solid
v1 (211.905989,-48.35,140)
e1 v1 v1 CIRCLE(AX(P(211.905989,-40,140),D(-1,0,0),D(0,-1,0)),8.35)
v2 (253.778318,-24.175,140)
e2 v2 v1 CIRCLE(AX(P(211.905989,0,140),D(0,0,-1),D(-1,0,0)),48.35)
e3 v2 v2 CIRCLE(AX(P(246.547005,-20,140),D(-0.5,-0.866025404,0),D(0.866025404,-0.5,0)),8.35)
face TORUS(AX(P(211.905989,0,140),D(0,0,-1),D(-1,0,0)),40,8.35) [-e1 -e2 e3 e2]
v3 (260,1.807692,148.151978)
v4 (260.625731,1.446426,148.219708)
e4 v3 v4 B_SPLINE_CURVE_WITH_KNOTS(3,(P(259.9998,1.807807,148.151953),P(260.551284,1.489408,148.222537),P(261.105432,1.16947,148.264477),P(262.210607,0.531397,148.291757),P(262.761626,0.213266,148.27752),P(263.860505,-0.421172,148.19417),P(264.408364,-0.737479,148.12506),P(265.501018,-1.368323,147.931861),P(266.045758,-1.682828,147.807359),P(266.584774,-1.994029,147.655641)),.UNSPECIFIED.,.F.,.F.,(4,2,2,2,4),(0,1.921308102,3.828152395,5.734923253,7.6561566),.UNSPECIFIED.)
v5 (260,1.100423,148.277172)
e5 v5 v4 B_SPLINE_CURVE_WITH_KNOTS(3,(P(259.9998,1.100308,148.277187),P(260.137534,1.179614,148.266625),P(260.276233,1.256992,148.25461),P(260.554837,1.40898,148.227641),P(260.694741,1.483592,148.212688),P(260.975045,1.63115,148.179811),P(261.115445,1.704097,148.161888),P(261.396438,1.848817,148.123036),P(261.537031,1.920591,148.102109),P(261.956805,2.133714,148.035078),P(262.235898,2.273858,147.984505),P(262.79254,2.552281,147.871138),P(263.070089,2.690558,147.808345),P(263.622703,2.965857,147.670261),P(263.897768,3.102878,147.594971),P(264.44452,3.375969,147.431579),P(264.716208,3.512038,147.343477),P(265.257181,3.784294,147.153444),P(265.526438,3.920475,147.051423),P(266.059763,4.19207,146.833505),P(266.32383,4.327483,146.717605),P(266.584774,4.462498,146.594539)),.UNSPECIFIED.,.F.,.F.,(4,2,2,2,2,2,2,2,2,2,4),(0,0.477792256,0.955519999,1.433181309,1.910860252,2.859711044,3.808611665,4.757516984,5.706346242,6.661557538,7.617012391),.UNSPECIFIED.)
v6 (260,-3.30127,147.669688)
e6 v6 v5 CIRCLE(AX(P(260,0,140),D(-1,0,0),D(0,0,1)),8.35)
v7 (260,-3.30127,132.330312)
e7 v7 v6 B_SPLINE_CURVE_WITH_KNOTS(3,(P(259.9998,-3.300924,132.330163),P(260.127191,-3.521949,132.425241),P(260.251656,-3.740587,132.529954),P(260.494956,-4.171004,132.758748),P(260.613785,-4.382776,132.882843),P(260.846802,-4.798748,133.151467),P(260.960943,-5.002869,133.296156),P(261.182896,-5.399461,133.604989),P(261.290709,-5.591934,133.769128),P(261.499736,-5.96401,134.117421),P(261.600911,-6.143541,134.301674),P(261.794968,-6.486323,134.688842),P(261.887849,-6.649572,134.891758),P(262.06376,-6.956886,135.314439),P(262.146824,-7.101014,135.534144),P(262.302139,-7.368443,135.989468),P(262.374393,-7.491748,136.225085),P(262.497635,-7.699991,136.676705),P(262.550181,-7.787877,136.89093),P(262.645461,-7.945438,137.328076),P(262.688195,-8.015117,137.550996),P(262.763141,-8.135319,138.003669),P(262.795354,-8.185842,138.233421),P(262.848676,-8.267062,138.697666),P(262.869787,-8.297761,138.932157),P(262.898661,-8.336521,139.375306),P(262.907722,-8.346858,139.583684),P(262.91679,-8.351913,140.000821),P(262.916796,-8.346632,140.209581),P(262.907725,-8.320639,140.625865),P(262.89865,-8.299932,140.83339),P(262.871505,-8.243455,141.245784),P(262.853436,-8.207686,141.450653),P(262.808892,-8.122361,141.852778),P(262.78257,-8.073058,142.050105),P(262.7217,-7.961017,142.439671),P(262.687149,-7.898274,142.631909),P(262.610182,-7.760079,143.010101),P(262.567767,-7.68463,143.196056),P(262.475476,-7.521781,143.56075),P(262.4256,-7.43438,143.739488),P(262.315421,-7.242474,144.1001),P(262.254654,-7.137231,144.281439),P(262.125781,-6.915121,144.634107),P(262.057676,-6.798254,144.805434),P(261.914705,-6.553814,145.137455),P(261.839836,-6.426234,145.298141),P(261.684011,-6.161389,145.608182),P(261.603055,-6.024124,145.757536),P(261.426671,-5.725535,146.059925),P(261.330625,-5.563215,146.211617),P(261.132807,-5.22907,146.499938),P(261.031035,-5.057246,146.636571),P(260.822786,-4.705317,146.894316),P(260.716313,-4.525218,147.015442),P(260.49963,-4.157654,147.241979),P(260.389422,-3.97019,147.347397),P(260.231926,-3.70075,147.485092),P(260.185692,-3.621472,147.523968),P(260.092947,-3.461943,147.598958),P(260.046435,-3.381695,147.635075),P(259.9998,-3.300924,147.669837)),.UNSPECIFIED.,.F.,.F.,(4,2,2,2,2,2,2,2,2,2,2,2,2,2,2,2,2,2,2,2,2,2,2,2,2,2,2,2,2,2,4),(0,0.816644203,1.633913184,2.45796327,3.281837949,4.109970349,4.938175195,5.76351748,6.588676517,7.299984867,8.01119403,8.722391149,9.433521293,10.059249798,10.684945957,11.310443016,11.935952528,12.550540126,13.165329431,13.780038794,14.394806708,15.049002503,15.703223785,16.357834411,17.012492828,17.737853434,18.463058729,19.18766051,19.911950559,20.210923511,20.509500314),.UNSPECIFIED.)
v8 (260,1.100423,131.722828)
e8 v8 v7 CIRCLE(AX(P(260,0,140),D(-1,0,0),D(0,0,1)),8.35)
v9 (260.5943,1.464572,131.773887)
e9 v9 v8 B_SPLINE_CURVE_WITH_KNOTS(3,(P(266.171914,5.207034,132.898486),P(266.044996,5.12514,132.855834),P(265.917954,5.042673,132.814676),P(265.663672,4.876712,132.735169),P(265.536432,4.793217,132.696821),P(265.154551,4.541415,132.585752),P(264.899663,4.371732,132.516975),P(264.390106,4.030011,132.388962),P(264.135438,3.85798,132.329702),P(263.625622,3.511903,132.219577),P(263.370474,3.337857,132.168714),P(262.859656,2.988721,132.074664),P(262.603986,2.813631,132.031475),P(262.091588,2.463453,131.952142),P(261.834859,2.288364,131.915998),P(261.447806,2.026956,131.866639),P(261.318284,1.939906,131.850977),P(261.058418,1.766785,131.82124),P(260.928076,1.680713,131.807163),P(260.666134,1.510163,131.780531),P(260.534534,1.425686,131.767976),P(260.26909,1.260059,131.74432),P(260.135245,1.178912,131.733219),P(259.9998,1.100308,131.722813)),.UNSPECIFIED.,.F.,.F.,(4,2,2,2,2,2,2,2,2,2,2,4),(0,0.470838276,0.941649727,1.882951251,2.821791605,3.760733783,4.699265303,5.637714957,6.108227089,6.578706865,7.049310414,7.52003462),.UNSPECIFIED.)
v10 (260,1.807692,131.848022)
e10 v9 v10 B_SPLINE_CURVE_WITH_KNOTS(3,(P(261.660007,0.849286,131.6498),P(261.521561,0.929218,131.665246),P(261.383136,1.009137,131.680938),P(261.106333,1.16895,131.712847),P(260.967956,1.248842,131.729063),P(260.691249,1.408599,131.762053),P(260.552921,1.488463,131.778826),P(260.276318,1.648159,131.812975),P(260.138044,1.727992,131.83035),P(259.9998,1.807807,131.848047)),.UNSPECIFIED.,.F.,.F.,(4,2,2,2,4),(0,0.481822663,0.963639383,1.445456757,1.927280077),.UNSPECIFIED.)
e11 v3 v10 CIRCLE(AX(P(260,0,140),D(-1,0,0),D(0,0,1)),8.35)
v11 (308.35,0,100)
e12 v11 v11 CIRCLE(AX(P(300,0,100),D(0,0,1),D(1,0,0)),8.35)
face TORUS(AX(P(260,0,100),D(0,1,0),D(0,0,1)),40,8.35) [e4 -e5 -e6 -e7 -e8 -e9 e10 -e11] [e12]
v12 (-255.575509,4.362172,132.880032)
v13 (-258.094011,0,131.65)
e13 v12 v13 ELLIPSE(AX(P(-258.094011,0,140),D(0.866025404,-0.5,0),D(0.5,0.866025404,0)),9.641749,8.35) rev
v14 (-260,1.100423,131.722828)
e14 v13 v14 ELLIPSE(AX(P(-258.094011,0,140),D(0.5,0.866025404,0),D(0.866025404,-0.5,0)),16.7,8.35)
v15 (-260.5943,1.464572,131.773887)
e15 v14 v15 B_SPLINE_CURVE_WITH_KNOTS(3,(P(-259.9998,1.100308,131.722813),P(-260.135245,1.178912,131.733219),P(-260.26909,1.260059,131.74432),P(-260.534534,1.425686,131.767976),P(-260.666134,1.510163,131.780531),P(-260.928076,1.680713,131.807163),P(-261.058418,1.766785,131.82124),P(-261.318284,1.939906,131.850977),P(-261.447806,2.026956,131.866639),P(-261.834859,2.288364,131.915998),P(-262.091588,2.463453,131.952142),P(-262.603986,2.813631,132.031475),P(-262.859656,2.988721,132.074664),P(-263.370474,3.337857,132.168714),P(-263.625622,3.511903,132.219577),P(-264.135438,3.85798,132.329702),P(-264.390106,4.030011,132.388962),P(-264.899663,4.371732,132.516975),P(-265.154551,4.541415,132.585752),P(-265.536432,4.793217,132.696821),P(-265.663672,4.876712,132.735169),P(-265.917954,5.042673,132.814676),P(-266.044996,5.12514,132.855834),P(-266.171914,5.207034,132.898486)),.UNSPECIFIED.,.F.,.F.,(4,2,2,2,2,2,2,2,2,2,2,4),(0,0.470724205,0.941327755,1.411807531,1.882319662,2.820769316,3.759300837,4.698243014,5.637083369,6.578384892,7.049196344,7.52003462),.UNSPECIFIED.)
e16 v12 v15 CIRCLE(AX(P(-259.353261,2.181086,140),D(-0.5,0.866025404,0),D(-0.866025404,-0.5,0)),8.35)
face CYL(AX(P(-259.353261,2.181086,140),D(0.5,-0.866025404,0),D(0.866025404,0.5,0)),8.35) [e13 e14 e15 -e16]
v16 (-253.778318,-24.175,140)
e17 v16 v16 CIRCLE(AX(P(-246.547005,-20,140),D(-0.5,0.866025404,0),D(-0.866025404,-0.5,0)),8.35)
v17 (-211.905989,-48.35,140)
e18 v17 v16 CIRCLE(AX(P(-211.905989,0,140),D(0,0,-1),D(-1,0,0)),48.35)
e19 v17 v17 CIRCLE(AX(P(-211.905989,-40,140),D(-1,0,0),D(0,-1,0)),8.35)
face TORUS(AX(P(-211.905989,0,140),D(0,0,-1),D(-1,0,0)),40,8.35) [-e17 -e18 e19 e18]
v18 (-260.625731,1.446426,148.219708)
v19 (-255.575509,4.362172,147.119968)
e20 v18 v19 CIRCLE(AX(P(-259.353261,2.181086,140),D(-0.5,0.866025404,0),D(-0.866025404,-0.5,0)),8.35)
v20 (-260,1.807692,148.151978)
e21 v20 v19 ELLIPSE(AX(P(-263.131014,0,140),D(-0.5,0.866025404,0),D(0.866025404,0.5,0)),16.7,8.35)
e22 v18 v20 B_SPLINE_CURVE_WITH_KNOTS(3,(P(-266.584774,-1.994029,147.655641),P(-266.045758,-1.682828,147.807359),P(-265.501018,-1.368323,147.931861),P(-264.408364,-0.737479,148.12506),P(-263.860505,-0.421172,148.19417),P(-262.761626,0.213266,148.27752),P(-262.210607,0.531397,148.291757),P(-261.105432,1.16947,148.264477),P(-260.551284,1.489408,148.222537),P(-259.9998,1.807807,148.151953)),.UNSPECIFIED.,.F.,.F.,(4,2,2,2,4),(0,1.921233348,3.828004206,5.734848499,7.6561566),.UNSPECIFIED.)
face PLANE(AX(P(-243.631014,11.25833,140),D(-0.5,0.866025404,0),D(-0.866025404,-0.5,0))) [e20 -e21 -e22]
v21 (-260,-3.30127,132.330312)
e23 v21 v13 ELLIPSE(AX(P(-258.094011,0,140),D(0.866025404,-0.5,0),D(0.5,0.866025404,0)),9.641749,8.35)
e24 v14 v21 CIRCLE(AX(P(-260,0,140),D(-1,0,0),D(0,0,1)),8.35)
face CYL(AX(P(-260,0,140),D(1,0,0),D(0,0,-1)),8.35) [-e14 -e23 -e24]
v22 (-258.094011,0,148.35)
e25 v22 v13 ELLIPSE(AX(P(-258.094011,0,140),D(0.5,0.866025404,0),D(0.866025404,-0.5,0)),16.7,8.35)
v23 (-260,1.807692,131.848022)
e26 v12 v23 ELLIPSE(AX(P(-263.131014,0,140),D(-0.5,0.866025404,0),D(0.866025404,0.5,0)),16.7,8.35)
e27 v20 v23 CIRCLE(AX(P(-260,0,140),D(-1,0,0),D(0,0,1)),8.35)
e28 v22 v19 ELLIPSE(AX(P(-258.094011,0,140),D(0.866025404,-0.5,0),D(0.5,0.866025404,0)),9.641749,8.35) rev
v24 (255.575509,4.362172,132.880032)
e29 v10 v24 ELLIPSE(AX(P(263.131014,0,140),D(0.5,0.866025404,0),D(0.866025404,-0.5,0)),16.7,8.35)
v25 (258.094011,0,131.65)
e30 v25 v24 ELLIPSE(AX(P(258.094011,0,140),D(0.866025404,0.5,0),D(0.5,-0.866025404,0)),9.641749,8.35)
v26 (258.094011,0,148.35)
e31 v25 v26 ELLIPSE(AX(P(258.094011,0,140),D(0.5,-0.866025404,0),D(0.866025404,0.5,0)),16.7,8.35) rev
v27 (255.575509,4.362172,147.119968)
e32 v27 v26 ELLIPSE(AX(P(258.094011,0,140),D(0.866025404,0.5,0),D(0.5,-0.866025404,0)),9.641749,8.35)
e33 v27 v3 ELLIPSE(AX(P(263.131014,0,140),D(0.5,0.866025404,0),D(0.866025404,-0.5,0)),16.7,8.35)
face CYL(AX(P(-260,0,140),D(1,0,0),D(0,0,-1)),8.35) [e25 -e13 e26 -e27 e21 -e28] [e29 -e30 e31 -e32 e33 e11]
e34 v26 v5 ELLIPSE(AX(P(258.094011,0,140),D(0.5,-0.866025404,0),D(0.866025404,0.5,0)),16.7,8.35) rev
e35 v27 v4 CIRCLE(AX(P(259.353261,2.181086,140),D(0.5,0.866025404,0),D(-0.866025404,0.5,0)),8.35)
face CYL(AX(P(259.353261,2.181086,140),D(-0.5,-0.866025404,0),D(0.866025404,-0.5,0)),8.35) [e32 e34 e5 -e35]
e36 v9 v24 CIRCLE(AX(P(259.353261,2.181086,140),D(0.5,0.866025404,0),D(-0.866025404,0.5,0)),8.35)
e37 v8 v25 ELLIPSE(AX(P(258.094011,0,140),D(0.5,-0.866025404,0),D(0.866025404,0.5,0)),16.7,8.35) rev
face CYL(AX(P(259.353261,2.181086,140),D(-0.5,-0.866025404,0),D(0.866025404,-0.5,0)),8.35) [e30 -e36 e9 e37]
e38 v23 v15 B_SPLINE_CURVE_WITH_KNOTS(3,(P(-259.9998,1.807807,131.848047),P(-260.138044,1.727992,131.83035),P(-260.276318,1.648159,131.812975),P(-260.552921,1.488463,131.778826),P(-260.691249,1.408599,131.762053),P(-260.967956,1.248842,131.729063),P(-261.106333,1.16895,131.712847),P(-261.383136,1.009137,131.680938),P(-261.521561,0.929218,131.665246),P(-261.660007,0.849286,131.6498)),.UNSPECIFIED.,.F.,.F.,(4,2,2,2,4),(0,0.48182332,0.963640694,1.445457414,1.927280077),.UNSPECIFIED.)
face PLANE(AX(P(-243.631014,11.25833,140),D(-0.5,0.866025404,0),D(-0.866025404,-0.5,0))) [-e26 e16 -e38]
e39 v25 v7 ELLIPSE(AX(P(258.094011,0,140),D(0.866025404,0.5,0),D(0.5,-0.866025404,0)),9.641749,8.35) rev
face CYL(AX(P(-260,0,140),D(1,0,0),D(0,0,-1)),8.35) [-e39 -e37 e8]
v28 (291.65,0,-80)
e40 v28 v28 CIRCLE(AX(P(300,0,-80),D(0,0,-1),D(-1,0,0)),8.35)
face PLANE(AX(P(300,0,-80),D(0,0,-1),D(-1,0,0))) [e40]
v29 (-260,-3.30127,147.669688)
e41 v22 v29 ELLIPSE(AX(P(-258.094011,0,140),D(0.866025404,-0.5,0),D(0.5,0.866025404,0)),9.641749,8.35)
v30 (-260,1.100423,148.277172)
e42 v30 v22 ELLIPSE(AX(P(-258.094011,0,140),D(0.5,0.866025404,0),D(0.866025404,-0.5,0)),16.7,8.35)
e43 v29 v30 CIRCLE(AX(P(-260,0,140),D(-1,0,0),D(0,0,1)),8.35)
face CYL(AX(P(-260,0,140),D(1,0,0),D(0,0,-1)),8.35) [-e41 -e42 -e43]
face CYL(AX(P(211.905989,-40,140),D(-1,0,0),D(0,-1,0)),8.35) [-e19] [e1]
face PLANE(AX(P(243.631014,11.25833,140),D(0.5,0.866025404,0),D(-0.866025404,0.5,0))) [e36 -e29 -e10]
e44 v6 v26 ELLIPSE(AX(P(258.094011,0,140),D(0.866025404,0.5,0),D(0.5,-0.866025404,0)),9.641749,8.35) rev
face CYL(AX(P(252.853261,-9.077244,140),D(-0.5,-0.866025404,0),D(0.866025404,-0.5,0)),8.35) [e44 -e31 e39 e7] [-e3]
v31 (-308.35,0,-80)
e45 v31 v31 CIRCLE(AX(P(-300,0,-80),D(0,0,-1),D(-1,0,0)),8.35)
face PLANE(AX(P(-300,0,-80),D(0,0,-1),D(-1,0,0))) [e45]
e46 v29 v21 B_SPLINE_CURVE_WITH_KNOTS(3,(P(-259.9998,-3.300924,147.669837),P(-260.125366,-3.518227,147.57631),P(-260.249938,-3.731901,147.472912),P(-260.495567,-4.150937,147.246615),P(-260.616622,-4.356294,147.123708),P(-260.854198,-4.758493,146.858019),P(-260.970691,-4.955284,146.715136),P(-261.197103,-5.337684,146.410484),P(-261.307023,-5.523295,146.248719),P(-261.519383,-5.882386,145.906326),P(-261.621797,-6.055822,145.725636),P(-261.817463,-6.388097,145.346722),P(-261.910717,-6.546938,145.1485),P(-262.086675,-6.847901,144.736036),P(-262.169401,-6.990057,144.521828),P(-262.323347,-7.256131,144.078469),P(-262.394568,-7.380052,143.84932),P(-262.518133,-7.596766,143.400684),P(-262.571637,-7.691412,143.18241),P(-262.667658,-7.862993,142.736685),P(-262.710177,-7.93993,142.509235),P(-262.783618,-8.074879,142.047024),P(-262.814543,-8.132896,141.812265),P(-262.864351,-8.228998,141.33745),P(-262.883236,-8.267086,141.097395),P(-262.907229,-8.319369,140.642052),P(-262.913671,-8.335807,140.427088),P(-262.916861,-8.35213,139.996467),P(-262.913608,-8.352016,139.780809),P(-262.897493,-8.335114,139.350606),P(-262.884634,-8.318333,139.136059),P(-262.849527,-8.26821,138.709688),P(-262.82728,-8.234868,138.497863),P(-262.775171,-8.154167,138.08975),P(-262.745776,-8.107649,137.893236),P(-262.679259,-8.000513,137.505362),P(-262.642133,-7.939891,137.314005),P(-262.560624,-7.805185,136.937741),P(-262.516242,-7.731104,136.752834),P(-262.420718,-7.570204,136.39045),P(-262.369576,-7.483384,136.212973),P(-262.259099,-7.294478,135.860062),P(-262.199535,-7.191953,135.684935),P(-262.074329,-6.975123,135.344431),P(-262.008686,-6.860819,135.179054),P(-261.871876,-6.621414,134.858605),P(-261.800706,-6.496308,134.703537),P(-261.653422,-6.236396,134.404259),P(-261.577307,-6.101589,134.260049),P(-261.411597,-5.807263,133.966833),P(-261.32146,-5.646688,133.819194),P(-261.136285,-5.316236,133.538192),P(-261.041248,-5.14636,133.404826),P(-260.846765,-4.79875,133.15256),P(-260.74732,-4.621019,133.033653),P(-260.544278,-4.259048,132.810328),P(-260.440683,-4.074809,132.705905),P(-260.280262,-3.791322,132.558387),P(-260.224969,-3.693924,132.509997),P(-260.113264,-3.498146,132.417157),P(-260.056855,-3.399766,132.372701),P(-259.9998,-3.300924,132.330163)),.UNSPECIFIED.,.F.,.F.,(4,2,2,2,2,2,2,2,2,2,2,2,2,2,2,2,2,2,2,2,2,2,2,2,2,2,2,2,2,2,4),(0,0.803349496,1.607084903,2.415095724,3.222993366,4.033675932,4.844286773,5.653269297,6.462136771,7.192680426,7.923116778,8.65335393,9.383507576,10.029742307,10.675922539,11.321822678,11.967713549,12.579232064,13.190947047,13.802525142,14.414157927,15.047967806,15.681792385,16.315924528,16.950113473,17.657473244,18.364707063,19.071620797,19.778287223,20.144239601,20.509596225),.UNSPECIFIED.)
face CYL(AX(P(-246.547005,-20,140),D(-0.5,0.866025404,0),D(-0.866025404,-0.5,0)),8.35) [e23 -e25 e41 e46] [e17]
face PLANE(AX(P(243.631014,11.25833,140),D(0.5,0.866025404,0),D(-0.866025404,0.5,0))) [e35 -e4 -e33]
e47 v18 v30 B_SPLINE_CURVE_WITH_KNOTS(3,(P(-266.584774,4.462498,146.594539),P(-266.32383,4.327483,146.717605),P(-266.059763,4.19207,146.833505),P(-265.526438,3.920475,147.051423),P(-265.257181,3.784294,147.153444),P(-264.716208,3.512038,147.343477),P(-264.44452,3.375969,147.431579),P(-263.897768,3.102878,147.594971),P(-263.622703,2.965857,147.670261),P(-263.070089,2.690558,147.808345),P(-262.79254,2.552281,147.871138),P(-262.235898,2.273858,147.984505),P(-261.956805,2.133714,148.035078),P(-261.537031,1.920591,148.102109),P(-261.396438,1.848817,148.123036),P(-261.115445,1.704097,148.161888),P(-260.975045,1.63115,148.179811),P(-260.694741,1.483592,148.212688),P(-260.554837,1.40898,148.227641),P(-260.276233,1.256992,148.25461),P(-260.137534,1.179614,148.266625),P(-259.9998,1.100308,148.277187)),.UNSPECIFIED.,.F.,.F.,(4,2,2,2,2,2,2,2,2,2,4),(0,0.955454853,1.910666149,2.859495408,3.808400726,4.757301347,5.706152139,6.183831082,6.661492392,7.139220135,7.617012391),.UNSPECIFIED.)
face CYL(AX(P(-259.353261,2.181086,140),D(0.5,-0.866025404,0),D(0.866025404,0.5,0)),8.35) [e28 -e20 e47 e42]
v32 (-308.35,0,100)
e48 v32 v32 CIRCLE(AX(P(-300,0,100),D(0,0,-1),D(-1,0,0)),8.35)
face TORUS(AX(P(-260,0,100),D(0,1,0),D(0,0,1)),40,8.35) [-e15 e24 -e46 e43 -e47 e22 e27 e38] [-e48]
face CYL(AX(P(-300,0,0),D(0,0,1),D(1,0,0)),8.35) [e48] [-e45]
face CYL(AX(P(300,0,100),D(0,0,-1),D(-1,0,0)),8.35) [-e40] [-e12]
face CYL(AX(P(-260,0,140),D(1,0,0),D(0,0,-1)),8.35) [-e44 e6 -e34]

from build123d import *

# Parameters (mm, degrees)
SKETCH2_R           = 8.35
SKETCH4_R           = 8.35
BOSS_EXTRUDE2_DEPTH = 13
BOSS_EXTRUDE3_DEPTH = 13
SKETCH7_R           = 8.35
BOSS_EXTRUDE4_DEPTH = 80
SKETCH8_R           = 8.35
BOSS_EXTRUDE5_DEPTH = 80


with BuildPart() as part:
    # Sweep1: sweep along a path in Sketch1
    with BuildLine(Plane(origin=(0, 0, 0), x_dir=(1, 0, 0), z_dir=(0, 1, 0))) as sweep1_path:
        Line((-300, 0), (-300, -100))
        ThreePointArc((-300, -100), (-288.284271247, -128.284271247), (-260, -140))
        Line((-260, -140), (260, -140))
        ThreePointArc((260, -140), (288.284271247, -128.284271247), (300, -100))
        Line((300, -100), (300, 0))
    # Sketch2 → Sweep1 (sweep)
    with BuildSketch(Plane.XY):
        with Locations((300, 0)):
            Circle(SKETCH2_R)
    sweep(path=sweep1_path.line)

    # Sweep2: sweep along a path in Sketch3
    with BuildLine(Plane.XY.offset(140)) as sweep2_path:
        Line((-252.853261493, -9.077244013), (-246.547005384, -20))
        ThreePointArc((-246.547005384, -20), (-231.905989232, -34.641016151), (-211.905989232, -40))
        Line((-211.905989232, -40), (211.905989232, -40))
        ThreePointArc((211.905989232, -40), (231.905989232, -34.641016151), (246.547005384, -20))
        Line((246.547005384, -20), (252.853261493, -9.077244013))
    # Sketch4 → Sweep2 (sweep)
    with BuildSketch(Plane(origin=(-252.853261493, -9.077244013, 140), x_dir=(0.866025404, 0.5, 0), z_dir=(-0.5, 0.866025404, 0))):
        Circle(SKETCH4_R)
    sweep(path=sweep2_path.line)

    # Sketch5 → Boss-Extrude2 (add)
    with BuildSketch(Plane(origin=(-59.282753417, 102.680740932, 0), x_dir=(0.866025404, 0.5, 0), z_dir=(-0.5, 0.866025404, 0))):
        with BuildLine():
            ThreePointArc((-217.464473881, -134.246575276), (-231.865969889, -140), (-217.464473881, -145.753424724))
            add(Edge.make_bspline(
                [(-217.464473881, -134.246575276), (-228.404544239, -140), (-217.464473881, -145.753424724)],
                knots=[2.381438875, 2.381438875, 2.381438875, 3.901746432, 3.901746432, 3.901746432], degree=2, weights=[1, 0.724730061, 1]))
        make_face()
    extrude(amount=BOSS_EXTRUDE2_DEPTH)

    # Sketch6 → Boss-Extrude3 (add)
    with BuildSketch(Plane(origin=(59.282753417, 102.680740932, 0), x_dir=(0.866025404, -0.5, 0), z_dir=(0.5, 0.866025404, 0))):
        with BuildLine():
            ThreePointArc((217.464473881, -145.753424724), (231.865969889, -140), (217.464473881, -134.246575276))
            add(Edge.make_bspline(
                [(217.464473881, -145.753424724), (228.404544239, -140), (217.464473881, -134.246575276)],
                knots=[5.523031529, 5.523031529, 5.523031529, 7.043339086, 7.043339086, 7.043339086], degree=2, weights=[1, 0.724730061, 1]))
        make_face()
    extrude(amount=BOSS_EXTRUDE3_DEPTH)

    # Sketch7 → Boss-Extrude4 (add)
    with BuildSketch(Plane(origin=(0, 0, 0), x_dir=(-1, 0, 0), z_dir=(0, 0, -1))):
        with Locations((-300, 0)):
            Circle(SKETCH7_R)
    extrude(amount=BOSS_EXTRUDE4_DEPTH)

    # Sketch8 → Boss-Extrude5 (add)
    with BuildSketch(Plane(origin=(0, 0, 0), x_dir=(-1, 0, 0), z_dir=(0, 0, -1))):
        with Locations((300, 0)):
            Circle(SKETCH8_R)
    extrude(amount=BOSS_EXTRUDE5_DEPTH)


solid = part.part
